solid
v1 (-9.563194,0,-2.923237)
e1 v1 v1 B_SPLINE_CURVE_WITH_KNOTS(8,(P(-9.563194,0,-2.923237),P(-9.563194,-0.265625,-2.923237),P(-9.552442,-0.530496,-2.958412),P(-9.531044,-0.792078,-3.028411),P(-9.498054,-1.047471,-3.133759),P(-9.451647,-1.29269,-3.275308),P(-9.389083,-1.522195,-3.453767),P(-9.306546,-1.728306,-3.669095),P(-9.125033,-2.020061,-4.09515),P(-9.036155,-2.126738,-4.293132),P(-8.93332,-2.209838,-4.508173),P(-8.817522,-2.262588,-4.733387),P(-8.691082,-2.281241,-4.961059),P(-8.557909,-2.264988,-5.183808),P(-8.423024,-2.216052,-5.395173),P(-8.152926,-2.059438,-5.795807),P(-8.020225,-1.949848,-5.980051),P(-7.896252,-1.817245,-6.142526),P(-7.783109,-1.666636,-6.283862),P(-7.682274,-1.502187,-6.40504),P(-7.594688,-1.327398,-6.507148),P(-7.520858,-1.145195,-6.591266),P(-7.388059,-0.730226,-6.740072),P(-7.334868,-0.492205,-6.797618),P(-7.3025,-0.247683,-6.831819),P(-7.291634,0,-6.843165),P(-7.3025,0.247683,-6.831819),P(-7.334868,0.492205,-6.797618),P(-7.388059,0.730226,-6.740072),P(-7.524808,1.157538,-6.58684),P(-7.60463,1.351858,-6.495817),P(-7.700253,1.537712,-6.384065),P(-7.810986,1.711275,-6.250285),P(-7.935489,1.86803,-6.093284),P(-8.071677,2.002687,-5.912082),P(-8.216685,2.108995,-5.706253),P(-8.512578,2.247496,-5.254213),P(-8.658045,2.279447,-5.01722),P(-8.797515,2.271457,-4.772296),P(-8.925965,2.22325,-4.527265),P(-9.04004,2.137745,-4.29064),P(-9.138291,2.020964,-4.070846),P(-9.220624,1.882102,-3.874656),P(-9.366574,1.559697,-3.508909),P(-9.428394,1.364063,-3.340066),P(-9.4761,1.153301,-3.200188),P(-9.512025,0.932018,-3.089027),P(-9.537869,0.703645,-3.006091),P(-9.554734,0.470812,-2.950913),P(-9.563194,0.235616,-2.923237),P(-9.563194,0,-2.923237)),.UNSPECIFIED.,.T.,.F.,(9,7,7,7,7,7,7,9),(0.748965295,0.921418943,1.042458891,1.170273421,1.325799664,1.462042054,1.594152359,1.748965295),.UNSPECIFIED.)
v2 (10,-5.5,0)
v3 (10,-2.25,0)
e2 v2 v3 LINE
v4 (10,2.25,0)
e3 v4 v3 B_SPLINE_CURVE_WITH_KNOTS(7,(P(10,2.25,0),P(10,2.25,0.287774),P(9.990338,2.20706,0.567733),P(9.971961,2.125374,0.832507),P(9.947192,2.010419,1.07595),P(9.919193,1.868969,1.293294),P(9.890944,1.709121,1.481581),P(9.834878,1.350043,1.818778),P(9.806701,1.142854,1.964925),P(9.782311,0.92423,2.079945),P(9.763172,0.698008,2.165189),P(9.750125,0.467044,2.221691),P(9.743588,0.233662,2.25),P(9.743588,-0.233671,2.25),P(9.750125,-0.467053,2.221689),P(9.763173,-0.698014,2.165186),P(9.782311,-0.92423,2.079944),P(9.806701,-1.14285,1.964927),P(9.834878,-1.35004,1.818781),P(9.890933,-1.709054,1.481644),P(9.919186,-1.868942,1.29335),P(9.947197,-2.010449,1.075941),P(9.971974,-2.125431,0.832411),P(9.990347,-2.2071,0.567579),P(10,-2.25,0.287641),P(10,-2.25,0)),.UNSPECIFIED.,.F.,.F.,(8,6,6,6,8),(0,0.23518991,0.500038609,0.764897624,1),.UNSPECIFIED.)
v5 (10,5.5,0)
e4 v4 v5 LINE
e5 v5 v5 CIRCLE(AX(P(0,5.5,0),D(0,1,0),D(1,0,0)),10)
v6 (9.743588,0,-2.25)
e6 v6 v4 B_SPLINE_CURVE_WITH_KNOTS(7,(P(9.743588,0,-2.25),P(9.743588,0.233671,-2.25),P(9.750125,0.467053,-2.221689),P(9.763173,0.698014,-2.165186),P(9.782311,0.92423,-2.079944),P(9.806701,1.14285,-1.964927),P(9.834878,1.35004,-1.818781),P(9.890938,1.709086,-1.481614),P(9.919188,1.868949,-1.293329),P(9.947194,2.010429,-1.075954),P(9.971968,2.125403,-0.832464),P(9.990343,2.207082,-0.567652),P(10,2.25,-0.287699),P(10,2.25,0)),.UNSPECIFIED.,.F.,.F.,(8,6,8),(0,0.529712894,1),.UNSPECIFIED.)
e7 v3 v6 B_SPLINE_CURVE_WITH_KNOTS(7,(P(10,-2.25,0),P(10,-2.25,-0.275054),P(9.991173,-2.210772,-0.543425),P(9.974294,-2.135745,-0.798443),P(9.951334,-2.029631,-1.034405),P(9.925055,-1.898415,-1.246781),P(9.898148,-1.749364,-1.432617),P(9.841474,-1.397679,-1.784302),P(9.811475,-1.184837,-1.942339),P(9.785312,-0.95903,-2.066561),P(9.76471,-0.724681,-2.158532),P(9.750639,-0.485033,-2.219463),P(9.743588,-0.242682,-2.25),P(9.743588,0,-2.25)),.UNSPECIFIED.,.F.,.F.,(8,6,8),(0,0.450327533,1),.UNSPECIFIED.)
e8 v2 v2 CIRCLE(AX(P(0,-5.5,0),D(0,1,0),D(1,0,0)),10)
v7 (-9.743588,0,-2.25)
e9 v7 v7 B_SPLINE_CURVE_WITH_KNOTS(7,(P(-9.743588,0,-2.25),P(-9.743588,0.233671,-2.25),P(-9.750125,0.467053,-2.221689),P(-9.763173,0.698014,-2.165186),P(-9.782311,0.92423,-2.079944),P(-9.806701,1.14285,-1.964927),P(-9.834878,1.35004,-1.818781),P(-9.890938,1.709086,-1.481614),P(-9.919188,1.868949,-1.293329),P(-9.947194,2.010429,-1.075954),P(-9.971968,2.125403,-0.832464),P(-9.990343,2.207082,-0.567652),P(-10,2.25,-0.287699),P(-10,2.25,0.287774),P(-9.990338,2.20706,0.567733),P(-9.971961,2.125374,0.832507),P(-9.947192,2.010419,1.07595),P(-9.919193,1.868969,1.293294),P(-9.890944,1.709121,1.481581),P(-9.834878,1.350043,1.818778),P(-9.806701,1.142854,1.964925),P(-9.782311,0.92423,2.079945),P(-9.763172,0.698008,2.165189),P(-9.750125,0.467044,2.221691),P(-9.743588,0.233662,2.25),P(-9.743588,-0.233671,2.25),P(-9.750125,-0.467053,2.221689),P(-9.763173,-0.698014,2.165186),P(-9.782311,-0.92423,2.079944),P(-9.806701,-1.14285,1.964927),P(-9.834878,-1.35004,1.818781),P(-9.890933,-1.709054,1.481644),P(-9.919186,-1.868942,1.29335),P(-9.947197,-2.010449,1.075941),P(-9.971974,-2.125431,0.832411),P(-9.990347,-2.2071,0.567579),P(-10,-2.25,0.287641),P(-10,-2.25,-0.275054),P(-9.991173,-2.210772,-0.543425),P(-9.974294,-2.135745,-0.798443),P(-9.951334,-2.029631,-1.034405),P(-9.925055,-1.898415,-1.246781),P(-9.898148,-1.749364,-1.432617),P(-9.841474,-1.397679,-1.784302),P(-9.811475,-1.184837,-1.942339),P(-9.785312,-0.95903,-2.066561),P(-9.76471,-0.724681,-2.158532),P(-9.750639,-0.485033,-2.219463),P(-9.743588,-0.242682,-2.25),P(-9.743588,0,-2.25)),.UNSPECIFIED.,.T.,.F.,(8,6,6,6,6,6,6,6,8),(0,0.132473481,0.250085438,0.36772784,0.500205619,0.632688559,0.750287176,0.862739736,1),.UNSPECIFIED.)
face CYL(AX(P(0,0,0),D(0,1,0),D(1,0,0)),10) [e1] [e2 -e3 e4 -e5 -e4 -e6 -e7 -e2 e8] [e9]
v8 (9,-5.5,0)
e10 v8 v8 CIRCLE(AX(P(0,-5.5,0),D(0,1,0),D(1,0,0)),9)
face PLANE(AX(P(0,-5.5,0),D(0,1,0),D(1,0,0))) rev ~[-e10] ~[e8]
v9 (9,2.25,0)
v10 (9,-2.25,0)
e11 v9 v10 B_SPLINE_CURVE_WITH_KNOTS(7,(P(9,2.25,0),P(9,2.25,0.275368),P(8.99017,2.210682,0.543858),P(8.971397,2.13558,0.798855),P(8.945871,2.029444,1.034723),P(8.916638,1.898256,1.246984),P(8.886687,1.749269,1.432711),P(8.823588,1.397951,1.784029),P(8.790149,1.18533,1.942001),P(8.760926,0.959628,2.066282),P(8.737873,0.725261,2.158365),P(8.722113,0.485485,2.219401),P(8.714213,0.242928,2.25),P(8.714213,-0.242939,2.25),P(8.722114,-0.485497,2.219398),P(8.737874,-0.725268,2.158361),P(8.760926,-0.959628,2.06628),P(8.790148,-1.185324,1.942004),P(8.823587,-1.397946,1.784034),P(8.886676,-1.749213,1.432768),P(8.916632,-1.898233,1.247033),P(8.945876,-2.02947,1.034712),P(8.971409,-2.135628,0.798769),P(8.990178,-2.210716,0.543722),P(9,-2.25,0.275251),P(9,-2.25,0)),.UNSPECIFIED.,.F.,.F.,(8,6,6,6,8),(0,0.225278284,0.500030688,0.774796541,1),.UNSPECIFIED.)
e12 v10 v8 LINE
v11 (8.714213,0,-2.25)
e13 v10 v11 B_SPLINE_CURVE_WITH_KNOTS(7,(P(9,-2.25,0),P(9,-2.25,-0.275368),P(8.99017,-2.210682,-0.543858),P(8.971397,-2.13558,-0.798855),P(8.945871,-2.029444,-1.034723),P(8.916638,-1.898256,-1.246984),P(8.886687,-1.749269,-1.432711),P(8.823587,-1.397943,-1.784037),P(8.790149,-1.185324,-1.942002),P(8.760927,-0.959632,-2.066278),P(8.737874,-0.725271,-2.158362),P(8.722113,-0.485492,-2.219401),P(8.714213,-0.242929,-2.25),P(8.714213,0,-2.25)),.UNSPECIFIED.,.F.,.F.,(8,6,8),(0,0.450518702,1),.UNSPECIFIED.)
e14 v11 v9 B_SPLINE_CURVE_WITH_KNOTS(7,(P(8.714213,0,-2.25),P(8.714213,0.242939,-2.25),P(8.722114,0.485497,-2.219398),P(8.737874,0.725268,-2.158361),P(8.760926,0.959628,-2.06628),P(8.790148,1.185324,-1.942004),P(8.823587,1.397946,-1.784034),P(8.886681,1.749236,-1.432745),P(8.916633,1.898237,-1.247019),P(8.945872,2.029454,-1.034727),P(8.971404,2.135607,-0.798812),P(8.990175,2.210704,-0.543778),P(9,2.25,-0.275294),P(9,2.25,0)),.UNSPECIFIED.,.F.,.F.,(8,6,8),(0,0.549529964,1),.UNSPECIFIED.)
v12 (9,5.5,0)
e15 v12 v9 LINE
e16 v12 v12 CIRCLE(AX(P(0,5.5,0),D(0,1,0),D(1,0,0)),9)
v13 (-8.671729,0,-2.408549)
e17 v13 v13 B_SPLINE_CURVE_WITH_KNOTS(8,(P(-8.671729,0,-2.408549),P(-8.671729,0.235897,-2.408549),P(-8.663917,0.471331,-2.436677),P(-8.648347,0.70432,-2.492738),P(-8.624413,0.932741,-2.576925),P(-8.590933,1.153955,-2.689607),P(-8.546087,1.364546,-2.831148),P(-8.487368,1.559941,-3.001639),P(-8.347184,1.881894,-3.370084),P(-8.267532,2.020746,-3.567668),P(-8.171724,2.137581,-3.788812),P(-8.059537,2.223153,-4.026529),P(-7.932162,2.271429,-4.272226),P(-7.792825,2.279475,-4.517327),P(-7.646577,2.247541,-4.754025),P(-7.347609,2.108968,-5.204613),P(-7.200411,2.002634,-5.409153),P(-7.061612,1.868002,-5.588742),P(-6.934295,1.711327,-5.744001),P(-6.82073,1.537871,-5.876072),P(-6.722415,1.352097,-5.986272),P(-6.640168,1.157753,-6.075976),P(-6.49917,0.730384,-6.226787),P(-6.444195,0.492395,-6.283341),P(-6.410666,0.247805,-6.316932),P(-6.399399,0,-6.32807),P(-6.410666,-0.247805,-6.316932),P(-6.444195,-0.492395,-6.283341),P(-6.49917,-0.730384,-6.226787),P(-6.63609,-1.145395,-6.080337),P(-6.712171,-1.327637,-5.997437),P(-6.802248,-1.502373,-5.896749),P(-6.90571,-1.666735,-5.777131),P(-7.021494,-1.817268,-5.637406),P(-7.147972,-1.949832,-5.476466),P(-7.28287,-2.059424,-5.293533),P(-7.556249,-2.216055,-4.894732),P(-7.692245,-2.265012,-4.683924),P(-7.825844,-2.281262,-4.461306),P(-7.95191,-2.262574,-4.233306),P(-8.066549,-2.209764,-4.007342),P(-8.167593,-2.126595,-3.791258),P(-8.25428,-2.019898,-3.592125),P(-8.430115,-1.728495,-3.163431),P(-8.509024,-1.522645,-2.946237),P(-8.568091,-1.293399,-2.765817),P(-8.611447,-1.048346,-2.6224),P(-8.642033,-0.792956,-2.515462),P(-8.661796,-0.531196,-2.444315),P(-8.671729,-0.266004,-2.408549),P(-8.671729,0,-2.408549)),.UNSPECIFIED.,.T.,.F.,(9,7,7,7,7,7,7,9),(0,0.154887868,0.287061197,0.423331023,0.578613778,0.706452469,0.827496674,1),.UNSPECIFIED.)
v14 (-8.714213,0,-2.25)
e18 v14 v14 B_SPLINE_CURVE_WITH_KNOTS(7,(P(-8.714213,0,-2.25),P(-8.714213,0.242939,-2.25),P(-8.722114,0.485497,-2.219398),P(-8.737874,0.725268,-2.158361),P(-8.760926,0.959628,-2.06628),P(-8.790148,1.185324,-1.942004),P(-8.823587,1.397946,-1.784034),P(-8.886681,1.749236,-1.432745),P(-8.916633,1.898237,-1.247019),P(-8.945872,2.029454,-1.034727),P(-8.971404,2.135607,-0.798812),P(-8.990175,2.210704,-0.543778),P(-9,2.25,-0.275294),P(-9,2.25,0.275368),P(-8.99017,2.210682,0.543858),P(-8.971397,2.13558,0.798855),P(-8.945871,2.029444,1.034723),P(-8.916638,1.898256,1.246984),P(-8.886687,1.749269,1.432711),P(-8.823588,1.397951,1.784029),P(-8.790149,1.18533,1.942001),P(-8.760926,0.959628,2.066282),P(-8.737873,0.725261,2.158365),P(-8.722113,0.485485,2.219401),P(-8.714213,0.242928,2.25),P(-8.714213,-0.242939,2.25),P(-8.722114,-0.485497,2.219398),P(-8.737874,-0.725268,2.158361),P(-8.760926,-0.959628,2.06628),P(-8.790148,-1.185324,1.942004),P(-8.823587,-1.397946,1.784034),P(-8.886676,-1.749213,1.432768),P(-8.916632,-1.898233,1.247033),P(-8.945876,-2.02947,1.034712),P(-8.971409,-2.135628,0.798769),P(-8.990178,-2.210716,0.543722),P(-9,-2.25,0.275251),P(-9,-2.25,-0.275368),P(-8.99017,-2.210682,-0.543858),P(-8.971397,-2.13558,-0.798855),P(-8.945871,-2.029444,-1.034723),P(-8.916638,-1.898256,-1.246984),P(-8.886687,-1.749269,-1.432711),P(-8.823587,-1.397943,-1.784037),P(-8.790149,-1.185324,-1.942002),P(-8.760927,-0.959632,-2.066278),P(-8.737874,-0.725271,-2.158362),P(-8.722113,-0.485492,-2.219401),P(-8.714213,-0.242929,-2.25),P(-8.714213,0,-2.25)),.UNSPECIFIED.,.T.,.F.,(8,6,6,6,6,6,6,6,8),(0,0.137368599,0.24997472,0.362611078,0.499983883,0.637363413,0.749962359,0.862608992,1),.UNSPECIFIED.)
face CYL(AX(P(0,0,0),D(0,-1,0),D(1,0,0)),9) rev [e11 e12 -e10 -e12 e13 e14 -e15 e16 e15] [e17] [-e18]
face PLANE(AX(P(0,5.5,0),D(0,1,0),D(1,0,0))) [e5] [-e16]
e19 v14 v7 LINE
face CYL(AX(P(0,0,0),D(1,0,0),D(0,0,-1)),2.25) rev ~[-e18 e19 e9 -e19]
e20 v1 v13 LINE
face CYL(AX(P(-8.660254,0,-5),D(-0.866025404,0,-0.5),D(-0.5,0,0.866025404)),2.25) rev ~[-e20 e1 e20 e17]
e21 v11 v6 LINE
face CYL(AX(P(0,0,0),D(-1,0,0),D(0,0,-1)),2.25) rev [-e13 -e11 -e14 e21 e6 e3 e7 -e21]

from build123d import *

# Parameters (mm, degrees)
ESBO_O1_R                  = 10
ESBO_O1_R_2                = 9
RESSALTO_EXTRUS_O1_DEPTH   = 5.5
CORTE_EXTRUS_O1_REACH      = 25.66
ESBO_O2_R                  = 2.25
ESBO_O3_R                  = 2.25
CORTE_EXTRUS_O2_DEPTH      = 11.0000001
CORTE_EXTRUS_O2_DEPTH_BACK = 11.0000001


with BuildPart() as part:
    # Esboço1 → Ressalto-extrusão1 (new body, symmetric)
    with BuildSketch(Plane(origin=(0, 0, 0), x_dir=(1, 0, 0), z_dir=(0, 1, 0))):
        Circle(ESBO_O1_R)
        Circle(ESBO_O1_R_2, mode=Mode.SUBTRACT)
    extrude(amount=RESSALTO_EXTRUS_O1_DEPTH, both=True)

    # Esboço2 → Corte-extrusão1 (cut, up to next)
    with BuildSketch(Plane(origin=(-8.660254038, 0, -5), x_dir=(-0.5, 0, 0.866025404), z_dir=(-0.866025404, 0, -0.5)), mode=Mode.PRIVATE) as corte_extrus_o1_sk1:
        Circle(ESBO_O2_R)
    corte_extrus_o1_tool1 = extrude(corte_extrus_o1_sk1.sketch, amount=-CORTE_EXTRUS_O1_REACH, mode=Mode.PRIVATE) & part.part
    add(corte_extrus_o1_tool1.solids().sort_by_distance((-8.660254, 0, -5))[0], mode=Mode.SUBTRACT)

    # Esboço3 → Corte-extrusão2 (cut, two sides)
    with BuildSketch(Plane(origin=(0, 0, 0), x_dir=(0, 0, -1), z_dir=(1, 0, 0))) as corte_extrus_o2_sk:
        Circle(ESBO_O3_R)
    extrude(amount=CORTE_EXTRUS_O2_DEPTH, mode=Mode.SUBTRACT)
    extrude(corte_extrus_o2_sk.sketch, amount=-CORTE_EXTRUS_O2_DEPTH_BACK, mode=Mode.SUBTRACT)


solid = part.part
